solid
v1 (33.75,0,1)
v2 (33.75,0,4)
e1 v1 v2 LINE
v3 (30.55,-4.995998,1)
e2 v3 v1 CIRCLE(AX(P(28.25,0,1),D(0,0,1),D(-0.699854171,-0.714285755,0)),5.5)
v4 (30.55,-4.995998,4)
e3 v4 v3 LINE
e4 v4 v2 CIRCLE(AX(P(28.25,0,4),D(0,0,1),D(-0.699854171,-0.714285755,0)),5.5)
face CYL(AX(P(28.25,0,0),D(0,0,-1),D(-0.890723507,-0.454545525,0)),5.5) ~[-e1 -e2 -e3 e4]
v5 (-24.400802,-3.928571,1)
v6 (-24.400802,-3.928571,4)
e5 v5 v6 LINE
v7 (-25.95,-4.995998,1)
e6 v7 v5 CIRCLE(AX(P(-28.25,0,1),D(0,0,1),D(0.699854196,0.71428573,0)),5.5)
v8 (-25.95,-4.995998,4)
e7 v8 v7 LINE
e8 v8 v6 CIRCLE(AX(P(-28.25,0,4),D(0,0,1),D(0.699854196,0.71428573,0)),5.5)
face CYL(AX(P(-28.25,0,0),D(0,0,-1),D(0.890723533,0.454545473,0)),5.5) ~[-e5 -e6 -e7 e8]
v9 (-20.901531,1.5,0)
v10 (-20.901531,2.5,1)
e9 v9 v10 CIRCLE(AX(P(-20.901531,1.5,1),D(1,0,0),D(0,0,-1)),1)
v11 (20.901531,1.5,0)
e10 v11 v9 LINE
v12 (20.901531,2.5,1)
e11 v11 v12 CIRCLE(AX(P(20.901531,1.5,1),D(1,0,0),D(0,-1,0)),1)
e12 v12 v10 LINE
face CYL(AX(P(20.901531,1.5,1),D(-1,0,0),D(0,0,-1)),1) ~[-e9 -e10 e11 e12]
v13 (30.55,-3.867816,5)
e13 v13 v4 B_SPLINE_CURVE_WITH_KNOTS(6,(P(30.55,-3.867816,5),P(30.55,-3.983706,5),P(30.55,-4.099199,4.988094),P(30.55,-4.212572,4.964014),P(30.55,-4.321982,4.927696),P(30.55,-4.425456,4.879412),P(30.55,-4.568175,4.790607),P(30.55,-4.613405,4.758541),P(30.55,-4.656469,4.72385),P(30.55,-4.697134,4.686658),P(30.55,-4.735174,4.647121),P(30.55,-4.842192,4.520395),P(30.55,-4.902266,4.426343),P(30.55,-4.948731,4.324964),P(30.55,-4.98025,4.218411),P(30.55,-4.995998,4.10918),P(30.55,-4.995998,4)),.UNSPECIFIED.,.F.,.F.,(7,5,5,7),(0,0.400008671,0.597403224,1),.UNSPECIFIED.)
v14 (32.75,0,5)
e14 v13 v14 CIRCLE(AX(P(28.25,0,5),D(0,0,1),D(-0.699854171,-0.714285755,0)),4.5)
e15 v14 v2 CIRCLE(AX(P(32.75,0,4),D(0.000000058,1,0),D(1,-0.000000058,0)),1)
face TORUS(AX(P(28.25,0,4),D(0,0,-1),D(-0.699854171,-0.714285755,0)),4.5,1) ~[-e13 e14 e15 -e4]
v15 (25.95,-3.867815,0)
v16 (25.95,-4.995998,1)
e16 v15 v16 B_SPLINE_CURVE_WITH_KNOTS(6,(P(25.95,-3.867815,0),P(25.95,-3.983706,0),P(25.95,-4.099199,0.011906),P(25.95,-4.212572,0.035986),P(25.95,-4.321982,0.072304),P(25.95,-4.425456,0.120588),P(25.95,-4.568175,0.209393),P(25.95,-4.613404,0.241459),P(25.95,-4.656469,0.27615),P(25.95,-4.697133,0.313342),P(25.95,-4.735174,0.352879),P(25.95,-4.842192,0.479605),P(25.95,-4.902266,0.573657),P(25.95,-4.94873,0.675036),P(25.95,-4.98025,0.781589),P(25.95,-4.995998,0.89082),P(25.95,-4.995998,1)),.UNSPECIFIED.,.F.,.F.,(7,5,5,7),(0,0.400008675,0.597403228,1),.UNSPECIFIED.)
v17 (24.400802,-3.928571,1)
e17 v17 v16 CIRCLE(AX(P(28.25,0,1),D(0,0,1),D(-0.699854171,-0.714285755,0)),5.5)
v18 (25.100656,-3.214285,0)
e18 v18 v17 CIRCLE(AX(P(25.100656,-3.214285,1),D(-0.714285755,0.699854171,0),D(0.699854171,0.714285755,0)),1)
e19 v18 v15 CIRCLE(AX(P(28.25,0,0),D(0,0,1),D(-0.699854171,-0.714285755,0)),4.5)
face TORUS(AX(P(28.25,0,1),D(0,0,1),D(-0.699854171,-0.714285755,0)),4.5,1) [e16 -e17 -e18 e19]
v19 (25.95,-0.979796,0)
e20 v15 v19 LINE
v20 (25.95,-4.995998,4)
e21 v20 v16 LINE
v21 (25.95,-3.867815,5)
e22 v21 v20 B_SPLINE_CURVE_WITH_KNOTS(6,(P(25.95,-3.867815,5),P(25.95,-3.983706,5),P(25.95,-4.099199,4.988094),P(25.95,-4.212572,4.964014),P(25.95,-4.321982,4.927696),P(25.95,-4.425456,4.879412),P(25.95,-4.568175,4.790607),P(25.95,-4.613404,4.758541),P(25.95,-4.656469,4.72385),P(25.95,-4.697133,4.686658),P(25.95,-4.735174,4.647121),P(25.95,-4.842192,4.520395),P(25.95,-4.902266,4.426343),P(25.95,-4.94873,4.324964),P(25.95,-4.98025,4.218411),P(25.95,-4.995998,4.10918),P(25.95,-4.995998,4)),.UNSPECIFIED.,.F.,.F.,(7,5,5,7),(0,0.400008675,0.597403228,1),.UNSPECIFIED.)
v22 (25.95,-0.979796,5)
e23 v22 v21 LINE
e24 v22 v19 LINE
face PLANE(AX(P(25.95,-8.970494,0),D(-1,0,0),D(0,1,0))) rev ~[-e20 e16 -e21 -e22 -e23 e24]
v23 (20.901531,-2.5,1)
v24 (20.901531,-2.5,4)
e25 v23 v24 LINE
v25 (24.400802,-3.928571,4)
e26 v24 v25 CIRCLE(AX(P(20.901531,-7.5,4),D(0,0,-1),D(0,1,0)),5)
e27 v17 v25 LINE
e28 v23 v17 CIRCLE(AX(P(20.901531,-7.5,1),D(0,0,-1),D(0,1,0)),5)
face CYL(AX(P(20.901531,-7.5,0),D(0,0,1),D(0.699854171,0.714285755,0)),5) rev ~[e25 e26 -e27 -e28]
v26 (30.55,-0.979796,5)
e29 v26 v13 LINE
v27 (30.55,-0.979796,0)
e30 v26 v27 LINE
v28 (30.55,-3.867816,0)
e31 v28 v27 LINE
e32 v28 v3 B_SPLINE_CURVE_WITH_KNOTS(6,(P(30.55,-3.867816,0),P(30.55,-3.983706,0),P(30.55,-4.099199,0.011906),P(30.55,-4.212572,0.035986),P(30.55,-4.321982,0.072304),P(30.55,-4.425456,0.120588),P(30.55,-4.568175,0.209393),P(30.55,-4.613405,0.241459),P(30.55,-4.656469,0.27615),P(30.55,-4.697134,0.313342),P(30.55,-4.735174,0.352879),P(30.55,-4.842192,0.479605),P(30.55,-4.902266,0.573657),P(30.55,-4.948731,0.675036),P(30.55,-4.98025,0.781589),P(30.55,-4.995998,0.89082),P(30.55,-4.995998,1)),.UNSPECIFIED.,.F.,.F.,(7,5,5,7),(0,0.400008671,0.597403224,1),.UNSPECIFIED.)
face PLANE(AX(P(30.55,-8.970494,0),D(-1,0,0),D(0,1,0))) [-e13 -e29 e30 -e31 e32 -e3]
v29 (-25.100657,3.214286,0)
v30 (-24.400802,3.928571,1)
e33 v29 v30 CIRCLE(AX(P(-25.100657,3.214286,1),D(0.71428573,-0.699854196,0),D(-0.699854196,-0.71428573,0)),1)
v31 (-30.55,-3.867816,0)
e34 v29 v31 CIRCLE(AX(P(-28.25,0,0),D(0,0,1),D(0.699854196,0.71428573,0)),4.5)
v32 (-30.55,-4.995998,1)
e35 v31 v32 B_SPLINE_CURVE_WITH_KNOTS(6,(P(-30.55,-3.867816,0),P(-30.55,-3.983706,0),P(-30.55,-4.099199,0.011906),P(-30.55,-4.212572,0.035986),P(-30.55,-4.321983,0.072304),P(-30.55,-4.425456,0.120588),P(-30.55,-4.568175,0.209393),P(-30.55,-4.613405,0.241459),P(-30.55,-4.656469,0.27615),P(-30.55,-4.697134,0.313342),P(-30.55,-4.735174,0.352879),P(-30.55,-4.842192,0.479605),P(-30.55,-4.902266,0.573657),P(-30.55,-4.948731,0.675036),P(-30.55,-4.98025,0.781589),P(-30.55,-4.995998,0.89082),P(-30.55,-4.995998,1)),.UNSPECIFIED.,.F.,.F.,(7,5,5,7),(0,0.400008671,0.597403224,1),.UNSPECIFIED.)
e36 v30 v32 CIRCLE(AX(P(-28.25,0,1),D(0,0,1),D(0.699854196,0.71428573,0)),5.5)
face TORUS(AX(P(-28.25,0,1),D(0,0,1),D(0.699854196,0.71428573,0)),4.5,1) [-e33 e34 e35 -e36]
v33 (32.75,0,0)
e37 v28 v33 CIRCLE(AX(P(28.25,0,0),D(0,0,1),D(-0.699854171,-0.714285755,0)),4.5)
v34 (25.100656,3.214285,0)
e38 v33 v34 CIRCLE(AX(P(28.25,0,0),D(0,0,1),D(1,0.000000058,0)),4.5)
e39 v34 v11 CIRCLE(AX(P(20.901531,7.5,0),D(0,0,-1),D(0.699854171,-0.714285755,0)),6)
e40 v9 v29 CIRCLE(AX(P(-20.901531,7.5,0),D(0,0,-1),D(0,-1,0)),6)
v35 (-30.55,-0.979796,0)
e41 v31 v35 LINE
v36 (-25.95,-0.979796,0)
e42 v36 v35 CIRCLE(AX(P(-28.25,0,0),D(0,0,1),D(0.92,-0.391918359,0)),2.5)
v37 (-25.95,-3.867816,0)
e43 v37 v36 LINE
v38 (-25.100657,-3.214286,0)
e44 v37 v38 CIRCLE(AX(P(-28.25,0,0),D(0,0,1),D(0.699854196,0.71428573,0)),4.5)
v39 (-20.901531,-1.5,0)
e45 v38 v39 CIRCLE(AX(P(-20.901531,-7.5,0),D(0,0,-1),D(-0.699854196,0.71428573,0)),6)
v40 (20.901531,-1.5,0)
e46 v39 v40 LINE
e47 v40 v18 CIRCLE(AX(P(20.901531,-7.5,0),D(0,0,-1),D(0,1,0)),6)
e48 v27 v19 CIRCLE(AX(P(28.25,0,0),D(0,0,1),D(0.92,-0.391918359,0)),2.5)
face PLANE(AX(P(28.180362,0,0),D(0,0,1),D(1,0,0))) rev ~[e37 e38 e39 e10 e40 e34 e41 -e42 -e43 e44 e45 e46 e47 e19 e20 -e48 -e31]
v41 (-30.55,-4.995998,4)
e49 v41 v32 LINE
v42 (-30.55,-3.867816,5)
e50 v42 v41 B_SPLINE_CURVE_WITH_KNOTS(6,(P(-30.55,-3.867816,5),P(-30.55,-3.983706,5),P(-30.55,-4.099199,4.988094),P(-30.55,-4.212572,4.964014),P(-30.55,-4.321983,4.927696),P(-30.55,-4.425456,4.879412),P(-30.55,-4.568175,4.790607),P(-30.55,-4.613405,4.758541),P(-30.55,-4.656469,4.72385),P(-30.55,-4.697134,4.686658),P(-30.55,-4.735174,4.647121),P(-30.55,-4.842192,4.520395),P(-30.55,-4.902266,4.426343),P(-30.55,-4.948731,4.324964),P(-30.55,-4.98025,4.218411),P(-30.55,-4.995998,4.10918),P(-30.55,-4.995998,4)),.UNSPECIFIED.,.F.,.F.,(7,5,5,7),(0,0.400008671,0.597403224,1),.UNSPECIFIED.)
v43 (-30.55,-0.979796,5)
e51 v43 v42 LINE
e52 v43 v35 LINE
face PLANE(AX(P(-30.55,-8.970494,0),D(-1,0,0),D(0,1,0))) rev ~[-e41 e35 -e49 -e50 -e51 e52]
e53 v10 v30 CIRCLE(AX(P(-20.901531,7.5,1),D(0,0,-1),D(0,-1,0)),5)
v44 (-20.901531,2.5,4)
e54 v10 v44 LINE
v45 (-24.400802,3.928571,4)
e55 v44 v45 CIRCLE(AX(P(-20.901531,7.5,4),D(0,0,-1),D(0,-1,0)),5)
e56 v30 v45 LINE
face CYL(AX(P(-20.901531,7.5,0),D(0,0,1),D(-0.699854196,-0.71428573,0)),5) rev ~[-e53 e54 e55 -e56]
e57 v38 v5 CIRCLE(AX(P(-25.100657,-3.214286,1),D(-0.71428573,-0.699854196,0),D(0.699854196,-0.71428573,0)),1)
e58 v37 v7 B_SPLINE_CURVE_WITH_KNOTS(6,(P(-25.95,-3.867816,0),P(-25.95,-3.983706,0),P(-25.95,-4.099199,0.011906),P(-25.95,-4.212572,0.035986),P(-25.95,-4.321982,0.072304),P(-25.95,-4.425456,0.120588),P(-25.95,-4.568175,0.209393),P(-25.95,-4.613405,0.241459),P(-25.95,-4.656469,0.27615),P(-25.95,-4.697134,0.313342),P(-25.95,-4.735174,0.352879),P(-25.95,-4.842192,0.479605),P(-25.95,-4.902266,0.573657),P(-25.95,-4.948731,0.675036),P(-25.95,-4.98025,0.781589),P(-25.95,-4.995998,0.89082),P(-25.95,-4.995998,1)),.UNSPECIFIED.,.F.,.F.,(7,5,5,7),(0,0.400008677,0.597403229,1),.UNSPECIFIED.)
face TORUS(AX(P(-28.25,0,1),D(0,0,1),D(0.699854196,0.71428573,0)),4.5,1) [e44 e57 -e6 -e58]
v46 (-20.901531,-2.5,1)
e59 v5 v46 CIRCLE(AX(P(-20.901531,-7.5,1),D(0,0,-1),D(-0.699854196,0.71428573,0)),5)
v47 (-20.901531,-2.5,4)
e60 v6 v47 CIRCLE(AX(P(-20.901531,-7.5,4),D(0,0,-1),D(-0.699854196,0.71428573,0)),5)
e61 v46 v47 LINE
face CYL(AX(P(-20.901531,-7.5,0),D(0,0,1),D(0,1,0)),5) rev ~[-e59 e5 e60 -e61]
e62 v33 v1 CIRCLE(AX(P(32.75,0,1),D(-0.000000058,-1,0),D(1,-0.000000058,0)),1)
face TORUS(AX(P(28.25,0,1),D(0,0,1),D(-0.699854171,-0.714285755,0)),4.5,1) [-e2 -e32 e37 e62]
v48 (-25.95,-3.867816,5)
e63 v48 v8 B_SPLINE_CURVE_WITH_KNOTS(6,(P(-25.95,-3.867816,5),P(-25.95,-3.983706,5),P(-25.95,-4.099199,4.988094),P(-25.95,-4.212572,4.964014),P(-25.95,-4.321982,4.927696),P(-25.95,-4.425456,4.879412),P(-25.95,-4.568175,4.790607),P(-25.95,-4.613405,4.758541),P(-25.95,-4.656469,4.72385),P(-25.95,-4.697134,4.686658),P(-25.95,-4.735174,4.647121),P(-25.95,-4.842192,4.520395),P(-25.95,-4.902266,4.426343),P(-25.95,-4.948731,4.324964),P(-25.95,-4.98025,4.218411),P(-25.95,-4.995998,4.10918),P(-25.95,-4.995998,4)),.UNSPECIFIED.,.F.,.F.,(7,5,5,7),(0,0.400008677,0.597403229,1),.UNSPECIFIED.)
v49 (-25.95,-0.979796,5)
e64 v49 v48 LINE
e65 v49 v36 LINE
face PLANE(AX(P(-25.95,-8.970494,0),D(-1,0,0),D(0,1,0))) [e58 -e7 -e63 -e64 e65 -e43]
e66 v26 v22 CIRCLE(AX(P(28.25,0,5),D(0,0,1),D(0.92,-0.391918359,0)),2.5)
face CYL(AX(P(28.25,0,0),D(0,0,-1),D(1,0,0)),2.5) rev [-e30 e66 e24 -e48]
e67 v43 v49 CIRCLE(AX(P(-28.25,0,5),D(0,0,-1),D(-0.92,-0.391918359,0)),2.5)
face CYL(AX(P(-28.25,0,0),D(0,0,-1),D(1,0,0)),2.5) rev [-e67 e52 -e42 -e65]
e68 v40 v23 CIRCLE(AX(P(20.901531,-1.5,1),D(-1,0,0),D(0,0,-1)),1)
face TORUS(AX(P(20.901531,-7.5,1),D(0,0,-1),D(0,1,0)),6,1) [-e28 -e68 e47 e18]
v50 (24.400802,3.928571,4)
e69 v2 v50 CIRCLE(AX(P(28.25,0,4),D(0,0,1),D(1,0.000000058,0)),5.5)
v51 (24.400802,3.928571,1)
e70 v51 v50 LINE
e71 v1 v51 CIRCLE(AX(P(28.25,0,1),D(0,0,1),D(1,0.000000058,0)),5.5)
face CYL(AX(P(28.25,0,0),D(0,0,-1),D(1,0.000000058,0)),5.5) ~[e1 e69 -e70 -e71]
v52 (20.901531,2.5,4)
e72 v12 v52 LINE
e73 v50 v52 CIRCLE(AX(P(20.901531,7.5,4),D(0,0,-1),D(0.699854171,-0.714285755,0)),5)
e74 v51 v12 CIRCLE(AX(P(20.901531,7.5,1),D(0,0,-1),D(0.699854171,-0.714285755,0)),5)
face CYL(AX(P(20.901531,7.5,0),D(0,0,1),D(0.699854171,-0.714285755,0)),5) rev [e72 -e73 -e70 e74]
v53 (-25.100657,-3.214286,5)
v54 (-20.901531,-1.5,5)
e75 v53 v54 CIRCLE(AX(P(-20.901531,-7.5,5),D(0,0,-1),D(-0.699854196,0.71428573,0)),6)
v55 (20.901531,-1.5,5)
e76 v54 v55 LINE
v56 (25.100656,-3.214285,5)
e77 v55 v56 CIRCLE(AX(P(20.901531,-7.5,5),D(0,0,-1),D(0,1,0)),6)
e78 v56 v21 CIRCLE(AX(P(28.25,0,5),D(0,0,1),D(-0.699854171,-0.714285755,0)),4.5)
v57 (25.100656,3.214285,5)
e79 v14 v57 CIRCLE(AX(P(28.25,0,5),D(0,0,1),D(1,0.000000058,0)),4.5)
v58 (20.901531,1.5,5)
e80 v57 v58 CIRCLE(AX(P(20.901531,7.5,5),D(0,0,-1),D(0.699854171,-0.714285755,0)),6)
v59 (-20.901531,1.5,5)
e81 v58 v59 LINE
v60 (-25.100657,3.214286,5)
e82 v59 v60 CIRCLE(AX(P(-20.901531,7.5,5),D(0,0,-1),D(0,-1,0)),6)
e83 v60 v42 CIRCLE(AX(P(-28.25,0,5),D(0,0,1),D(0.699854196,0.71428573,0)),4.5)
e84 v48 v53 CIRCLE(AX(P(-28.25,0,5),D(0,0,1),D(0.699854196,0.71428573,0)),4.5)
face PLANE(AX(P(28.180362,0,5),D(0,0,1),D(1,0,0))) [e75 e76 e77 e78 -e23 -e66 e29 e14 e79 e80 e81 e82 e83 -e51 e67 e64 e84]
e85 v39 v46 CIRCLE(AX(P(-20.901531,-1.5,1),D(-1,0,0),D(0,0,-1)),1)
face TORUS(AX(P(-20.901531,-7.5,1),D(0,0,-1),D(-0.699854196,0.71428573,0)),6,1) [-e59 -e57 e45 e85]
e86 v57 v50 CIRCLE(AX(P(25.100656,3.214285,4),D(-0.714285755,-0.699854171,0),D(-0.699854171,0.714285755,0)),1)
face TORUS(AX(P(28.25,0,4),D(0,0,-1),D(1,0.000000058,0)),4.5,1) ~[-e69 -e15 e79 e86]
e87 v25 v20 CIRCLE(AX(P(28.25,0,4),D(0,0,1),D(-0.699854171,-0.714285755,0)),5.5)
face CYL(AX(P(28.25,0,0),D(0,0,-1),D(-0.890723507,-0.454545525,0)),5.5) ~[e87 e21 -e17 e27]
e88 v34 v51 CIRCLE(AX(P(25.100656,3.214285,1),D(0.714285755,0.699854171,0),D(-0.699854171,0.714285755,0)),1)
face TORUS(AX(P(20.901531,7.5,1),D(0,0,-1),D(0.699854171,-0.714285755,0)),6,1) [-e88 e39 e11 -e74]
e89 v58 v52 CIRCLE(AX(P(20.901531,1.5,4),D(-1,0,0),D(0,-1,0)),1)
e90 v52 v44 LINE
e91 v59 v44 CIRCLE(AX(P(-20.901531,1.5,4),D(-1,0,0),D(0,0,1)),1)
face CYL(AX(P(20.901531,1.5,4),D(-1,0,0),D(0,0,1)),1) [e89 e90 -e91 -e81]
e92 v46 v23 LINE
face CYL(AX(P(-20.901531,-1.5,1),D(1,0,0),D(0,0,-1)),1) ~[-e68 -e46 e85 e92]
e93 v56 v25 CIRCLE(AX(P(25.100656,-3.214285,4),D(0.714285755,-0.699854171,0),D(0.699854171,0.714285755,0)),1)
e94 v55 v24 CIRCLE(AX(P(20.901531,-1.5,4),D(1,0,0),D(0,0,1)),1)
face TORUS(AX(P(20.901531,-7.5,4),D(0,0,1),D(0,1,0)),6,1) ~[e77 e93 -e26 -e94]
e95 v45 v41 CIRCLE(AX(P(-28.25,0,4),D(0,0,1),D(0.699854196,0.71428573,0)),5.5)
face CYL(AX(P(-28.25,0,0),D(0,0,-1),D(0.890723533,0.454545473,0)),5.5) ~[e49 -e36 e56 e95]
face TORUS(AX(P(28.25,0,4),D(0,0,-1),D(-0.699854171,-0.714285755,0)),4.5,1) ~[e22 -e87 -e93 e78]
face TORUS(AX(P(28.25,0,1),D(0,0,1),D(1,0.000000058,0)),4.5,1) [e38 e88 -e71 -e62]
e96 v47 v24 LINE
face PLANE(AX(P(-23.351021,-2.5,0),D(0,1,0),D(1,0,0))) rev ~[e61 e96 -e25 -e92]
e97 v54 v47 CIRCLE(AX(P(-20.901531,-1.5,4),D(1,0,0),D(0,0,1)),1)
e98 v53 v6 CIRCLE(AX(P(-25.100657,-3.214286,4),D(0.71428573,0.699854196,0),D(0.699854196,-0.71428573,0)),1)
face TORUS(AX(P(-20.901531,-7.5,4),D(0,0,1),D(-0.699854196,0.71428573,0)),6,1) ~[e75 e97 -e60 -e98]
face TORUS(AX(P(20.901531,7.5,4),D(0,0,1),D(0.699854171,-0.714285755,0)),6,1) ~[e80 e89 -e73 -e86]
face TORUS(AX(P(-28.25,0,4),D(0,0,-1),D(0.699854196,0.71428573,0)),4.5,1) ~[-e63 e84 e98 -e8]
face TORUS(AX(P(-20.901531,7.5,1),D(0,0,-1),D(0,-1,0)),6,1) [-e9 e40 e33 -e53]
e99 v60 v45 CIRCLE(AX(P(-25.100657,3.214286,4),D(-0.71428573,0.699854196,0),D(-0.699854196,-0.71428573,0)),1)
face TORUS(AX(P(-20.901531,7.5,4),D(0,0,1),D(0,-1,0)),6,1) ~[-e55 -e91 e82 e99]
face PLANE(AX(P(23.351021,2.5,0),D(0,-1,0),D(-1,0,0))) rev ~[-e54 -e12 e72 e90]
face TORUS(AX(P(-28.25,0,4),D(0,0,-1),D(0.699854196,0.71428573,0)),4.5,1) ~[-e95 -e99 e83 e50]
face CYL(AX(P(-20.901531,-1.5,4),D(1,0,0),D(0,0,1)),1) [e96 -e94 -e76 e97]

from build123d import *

# Parameters (mm, degrees)
F0_R     = 2.5
F1_DEPTH = 5
F2_R     = 5
F3_R     = 1
F4_W     = 4.6
F4_H     = 8.970495
F5_DEPTH = 5.001


with BuildPart() as f1:
    # F0 (on Top) → F1 (new body)
    with BuildSketch(Plane.XY):
        with BuildLine():
            ThreePointArc((23.351021, -2.5), (29.535615, -5.347634), (33.75, 0))
            ThreePointArc((33.75, 0), (29.535615, 5.347634), (23.351021, 2.5))
            ThreePointArc((23.351021, 2.5), (22.75, 0), (23.351021, -2.5))
        make_face()
        with Locations((28.25, 0)):
            Circle(F0_R, mode=Mode.SUBTRACT)
        with BuildLine():
            ThreePointArc((23.351021, -2.5), (22.75, 0), (23.351021, 2.5))
            Line((23.351021, 2.5), (-23.351021, 2.5))
            ThreePointArc((-23.351021, 2.5), (-22.902366, 1.285615), (-22.75, 0))
            ThreePointArc((-22.75, 0), (-22.902366, -1.285615), (-23.351021, -2.5))
            Line((-23.351021, -2.5), (23.351021, -2.5))
        make_face()
        with BuildLine():
            ThreePointArc((-22.75, 0), (-22.902366, 1.285615), (-23.351021, 2.5))
            ThreePointArc((-23.351021, 2.5), (-33.75, 0), (-23.351021, -2.5))
            ThreePointArc((-23.351021, -2.5), (-22.902366, -1.285615), (-22.75, 0))
        make_face()
        with Locations((-28.25, 0)):
            Circle(F0_R, mode=Mode.SUBTRACT)
    extrude(amount=F1_DEPTH)

    # F2
    f2_edges = [f1.edges().sort_by_distance(p)[0] for p in [
        (-23.351021, -2.5, 2.5),
        (-23.351021, 2.5, 2.5),
        (23.351021, 2.5, 2.5),
        (23.351021, -2.5, 2.5),
    ]]
    fillet(f2_edges, radius=F2_R)

    # F3
    f3_edges = [f1.edges().sort_by_distance(p)[0] for p in [
        (0, -2.5, 5),
        (0, -2.5, 0),
    ]]
    fillet(f3_edges, radius=F3_R)

    # F4 (on Top) → F5 (cut, through all)
    with BuildSketch(Plane.XY):
        with Locations((-28.25, -4.485247)):
            Rectangle(F4_W, F4_H)
        with Locations((28.25, -4.485247)):
            Rectangle(F4_W, F4_H)
    extrude(amount=F5_DEPTH, mode=Mode.SUBTRACT)


solid = f1.part
